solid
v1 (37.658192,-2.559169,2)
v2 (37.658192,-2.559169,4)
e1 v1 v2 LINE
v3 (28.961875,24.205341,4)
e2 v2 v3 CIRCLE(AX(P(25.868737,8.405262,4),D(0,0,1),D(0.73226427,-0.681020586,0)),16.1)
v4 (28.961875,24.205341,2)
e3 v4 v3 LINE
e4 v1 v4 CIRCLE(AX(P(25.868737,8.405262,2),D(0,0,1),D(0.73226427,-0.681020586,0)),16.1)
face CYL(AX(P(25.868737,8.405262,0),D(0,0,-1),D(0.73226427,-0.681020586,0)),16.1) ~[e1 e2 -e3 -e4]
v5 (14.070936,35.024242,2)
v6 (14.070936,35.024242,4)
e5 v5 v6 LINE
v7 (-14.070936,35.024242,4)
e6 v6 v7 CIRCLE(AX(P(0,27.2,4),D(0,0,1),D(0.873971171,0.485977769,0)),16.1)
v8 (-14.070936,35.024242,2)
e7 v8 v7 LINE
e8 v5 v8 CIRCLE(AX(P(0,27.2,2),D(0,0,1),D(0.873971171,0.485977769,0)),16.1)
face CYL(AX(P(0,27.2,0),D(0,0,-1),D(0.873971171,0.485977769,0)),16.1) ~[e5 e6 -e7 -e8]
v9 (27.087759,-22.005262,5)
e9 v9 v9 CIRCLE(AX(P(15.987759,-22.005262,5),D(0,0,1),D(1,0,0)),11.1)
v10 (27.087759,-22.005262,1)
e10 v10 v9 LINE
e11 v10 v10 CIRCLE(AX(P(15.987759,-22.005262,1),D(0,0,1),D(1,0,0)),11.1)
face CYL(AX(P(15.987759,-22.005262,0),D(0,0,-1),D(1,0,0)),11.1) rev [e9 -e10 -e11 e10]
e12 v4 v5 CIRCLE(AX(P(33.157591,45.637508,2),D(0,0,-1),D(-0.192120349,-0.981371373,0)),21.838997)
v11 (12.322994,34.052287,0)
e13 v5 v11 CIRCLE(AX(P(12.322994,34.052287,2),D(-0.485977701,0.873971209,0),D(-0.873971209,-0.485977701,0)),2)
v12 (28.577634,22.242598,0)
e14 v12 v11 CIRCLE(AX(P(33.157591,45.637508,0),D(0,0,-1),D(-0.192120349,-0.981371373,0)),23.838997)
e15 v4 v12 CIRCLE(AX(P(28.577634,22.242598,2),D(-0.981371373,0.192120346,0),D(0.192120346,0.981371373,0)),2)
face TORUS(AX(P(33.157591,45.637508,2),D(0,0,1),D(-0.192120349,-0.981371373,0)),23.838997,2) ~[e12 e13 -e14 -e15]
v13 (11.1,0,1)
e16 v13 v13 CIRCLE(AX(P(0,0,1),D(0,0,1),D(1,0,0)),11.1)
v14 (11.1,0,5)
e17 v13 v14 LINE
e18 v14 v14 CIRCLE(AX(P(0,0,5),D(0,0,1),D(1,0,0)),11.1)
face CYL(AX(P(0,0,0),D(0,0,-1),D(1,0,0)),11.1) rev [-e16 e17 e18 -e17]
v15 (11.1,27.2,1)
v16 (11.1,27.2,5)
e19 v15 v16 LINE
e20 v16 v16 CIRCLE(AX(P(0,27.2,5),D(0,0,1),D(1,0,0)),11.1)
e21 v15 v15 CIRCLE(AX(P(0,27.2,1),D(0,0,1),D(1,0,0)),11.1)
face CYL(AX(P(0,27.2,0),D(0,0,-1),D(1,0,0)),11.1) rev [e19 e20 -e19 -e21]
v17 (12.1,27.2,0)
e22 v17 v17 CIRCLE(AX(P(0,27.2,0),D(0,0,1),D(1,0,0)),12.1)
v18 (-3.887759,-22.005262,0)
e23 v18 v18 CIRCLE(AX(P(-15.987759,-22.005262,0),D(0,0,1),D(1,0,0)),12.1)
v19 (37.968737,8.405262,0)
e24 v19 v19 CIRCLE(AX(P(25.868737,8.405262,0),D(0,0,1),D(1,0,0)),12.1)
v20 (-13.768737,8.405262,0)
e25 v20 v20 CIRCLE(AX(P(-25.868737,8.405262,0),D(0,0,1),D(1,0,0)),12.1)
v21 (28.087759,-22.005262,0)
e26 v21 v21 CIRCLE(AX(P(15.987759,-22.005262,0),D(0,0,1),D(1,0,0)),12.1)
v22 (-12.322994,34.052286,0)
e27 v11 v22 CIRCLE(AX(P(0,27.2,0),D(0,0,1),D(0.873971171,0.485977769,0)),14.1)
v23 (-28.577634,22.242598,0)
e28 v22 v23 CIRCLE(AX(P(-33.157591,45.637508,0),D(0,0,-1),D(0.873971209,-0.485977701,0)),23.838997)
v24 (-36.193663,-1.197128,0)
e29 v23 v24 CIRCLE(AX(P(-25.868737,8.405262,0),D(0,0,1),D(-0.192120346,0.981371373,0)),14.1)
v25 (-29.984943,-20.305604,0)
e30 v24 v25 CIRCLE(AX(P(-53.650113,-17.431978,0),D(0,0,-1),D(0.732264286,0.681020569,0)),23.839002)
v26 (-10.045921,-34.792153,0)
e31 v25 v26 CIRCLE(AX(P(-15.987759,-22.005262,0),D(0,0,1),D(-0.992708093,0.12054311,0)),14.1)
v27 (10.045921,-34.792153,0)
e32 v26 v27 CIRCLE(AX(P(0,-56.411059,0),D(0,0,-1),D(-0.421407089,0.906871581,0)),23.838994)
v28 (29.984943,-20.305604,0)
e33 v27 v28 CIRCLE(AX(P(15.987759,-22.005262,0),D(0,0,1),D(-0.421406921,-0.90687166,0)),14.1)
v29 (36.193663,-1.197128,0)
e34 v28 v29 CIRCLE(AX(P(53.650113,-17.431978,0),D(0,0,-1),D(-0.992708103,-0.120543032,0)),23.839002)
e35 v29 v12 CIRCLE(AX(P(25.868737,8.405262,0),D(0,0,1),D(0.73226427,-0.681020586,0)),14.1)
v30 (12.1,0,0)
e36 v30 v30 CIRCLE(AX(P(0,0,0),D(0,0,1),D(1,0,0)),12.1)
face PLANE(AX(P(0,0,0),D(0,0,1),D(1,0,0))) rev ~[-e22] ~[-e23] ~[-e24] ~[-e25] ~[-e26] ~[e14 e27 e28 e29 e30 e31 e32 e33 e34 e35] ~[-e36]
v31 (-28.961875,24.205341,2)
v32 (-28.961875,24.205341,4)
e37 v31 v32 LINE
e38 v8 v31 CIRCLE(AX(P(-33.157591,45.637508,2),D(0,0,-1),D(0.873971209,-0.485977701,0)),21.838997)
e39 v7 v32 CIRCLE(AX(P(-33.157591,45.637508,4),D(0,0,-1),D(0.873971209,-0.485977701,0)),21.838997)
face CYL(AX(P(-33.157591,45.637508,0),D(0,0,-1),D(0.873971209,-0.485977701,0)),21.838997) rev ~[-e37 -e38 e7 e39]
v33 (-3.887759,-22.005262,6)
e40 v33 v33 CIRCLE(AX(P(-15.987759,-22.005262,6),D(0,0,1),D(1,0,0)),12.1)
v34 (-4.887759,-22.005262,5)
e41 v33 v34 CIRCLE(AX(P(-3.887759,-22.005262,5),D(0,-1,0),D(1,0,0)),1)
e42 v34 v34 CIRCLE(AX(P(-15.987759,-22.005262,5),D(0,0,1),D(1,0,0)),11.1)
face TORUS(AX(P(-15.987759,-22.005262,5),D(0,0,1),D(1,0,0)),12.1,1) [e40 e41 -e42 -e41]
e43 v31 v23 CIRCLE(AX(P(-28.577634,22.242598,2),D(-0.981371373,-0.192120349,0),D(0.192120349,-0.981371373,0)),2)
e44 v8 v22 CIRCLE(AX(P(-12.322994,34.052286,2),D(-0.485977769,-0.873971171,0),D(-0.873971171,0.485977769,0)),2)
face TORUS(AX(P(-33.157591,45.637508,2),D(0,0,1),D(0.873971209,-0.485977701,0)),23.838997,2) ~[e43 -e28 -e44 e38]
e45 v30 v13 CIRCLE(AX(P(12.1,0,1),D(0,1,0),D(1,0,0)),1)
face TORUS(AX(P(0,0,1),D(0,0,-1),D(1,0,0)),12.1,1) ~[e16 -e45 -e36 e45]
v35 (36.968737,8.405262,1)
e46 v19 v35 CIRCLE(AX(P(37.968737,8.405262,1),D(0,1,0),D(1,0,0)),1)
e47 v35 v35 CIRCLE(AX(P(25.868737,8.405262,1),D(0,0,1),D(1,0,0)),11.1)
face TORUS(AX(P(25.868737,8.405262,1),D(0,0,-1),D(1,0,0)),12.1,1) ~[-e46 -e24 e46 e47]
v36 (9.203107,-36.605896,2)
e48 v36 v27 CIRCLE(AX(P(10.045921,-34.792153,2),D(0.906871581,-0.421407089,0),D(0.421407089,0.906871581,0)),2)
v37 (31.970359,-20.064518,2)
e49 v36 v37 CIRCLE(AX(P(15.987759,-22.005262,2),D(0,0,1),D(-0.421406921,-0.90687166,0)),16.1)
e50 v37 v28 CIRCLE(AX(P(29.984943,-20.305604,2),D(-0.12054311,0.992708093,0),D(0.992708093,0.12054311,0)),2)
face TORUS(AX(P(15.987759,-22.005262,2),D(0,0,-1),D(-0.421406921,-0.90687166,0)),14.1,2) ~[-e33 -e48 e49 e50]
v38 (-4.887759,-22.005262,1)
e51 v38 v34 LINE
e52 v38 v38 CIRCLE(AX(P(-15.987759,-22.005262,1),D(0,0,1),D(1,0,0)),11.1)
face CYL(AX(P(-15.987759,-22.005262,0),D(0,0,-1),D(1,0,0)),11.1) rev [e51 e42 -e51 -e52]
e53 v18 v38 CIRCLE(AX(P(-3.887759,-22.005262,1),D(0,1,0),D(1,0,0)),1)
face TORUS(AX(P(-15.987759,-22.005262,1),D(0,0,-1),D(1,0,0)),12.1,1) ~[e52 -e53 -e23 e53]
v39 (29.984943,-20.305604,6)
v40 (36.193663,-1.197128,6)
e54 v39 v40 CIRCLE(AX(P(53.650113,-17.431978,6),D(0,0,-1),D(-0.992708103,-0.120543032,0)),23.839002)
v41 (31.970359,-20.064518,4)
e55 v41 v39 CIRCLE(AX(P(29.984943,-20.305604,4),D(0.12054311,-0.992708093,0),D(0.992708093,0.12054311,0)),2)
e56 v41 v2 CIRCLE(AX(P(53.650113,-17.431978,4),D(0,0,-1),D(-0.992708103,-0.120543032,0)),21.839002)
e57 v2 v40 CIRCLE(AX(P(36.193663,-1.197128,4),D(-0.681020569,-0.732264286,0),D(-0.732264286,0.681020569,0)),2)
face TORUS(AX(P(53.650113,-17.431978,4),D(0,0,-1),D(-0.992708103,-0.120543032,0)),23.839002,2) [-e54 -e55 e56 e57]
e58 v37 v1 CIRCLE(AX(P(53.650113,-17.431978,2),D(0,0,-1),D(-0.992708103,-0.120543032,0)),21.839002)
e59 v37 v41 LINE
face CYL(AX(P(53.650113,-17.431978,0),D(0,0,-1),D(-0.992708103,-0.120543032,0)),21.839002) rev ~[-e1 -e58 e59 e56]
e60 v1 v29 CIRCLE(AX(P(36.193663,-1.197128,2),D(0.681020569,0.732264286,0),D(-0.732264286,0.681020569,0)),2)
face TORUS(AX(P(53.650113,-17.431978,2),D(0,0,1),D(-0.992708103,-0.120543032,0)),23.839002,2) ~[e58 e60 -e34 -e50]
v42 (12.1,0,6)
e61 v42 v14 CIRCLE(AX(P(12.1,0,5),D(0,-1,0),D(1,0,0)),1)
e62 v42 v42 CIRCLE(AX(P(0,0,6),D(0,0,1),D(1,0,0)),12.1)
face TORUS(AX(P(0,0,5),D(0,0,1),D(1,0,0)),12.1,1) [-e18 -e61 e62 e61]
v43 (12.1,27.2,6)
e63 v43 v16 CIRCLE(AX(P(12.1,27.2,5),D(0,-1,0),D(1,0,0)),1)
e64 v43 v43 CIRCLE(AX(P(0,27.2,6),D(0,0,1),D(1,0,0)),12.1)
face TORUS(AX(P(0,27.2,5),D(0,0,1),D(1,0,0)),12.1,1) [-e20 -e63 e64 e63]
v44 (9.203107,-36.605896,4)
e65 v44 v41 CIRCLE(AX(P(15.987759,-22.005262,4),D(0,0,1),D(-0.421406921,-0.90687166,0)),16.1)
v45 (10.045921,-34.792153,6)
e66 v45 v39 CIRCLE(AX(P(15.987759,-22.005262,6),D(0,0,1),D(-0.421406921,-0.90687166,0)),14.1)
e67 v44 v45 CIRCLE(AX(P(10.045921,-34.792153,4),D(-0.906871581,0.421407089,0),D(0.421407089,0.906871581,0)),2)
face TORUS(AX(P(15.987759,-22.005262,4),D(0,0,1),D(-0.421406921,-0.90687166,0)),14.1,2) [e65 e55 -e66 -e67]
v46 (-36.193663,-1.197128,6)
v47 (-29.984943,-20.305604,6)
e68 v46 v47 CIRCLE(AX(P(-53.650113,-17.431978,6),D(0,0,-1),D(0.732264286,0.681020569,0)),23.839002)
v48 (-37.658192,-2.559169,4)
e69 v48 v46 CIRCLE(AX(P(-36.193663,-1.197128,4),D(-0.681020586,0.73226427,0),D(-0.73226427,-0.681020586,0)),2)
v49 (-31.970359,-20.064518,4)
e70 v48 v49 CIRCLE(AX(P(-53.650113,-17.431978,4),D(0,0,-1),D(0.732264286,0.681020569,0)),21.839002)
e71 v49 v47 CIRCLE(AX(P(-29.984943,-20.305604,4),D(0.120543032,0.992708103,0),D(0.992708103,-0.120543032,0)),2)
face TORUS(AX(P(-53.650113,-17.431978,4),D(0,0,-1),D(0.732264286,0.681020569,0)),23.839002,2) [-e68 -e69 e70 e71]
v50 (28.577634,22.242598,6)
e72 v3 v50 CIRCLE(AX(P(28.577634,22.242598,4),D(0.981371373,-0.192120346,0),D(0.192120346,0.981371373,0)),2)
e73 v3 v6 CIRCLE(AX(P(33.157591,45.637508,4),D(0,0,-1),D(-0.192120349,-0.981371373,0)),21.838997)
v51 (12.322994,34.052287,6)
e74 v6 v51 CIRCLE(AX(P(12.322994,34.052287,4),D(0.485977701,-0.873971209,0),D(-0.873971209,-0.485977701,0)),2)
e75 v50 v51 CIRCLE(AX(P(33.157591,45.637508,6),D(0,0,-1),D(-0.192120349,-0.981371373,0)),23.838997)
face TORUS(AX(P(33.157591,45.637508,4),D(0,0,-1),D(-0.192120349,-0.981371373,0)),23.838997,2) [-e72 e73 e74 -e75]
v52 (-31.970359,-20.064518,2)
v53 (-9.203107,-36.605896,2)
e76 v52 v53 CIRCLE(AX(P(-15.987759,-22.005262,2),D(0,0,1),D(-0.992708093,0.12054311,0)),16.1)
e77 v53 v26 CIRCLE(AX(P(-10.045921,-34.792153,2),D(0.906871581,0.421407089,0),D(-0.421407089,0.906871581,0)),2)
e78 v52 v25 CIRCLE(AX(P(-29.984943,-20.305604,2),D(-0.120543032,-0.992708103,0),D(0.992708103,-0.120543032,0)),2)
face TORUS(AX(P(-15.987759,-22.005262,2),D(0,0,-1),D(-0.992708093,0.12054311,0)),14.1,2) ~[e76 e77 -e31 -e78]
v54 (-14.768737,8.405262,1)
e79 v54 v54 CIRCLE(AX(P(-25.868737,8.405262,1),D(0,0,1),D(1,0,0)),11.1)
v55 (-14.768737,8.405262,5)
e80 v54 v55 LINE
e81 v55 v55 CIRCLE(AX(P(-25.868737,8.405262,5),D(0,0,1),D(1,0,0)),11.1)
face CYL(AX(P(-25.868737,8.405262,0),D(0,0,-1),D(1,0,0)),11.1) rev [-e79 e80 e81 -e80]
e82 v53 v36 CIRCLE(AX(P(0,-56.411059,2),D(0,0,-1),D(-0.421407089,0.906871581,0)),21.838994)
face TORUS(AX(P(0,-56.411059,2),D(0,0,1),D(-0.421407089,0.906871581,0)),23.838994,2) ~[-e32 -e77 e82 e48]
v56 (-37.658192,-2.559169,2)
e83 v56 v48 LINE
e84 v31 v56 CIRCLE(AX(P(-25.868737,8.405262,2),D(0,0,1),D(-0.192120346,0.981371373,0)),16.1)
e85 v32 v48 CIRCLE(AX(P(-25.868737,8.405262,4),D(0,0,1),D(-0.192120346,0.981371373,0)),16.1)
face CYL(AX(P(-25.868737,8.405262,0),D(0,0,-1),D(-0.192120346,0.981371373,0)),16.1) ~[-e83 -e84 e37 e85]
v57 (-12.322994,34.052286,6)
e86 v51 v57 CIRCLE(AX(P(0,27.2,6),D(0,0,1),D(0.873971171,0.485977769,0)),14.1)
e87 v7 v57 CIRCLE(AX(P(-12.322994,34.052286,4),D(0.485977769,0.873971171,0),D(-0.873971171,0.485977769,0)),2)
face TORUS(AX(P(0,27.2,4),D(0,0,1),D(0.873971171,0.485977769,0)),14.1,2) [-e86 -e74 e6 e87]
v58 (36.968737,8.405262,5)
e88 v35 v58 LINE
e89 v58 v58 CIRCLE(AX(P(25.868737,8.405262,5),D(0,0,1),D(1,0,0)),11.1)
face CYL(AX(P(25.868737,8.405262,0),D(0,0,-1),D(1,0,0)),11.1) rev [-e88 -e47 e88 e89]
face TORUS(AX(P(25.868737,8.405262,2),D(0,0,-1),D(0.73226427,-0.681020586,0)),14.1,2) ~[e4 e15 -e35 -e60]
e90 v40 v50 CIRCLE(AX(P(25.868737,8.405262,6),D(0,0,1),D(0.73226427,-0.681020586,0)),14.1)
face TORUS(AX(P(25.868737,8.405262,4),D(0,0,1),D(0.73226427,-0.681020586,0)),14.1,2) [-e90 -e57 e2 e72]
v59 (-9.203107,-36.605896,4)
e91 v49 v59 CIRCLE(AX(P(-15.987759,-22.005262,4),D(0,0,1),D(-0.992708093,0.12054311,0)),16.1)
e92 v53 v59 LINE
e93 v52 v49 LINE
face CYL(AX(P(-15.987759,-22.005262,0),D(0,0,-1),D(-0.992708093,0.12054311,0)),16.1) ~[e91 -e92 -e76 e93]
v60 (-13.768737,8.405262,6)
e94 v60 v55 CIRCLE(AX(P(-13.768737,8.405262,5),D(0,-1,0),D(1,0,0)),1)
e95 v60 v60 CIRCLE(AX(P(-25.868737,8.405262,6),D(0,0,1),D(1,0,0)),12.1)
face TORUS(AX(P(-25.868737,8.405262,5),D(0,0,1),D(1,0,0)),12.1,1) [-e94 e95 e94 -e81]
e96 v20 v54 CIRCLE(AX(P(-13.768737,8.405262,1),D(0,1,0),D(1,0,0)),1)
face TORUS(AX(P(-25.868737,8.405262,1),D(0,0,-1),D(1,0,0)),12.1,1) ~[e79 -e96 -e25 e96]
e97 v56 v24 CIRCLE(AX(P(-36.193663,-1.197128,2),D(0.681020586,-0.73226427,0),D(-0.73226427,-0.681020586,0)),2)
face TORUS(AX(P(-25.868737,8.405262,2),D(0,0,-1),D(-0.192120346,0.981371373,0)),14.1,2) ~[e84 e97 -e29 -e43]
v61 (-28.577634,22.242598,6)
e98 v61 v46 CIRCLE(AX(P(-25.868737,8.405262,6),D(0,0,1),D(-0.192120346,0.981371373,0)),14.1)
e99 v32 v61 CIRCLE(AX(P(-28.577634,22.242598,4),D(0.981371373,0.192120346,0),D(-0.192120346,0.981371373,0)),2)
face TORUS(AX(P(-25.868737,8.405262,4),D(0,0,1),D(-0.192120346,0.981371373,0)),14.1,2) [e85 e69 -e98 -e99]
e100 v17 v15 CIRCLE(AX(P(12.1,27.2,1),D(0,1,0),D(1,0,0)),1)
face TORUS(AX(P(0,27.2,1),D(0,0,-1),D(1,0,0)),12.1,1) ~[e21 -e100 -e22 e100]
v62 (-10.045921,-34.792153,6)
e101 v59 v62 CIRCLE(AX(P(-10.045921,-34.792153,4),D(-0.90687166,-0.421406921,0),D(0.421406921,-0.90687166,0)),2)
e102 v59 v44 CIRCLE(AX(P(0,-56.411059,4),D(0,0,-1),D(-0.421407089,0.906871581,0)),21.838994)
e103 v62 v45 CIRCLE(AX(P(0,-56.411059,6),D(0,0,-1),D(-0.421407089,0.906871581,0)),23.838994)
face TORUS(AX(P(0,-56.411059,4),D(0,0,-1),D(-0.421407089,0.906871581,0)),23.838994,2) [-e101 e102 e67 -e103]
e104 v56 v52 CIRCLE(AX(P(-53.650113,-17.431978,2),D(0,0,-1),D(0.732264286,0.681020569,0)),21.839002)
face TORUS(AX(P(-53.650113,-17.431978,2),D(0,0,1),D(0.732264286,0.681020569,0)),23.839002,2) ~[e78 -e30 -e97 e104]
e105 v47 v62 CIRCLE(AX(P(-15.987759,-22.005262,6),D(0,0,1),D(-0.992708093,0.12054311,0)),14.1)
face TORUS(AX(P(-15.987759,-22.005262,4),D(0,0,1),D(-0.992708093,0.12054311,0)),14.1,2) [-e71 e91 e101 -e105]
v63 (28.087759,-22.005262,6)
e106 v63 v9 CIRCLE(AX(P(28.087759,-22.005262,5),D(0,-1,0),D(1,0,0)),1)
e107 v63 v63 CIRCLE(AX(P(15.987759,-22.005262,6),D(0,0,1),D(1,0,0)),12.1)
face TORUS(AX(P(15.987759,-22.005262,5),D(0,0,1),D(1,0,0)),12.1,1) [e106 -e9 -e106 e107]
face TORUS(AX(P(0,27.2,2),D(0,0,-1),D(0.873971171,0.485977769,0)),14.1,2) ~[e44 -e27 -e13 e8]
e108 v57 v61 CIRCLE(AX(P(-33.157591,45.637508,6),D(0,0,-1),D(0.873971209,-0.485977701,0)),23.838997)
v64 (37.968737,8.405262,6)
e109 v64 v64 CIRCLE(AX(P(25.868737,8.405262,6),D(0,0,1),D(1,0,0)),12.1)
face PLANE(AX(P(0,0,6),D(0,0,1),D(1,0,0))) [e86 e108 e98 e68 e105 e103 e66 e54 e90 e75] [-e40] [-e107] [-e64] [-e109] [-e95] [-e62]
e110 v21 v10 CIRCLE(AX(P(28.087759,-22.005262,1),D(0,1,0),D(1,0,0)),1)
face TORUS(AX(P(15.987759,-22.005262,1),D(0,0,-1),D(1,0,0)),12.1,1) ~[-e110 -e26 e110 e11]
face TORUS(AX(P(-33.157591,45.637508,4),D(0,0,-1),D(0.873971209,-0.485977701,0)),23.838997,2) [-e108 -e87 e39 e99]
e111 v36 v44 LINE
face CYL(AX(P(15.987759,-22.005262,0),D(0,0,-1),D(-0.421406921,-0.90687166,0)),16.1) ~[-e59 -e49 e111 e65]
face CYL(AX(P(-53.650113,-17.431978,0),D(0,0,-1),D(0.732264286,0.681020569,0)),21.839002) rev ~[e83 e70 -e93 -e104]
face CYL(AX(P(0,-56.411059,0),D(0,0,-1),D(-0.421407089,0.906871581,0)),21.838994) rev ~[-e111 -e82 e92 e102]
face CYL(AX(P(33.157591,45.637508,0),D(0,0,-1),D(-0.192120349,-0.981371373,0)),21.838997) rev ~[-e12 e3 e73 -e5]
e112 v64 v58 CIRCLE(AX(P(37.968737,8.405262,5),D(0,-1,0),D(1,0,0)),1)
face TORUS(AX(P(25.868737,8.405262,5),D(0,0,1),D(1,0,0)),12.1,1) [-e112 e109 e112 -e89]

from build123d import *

# Parameters (mm, degrees)
F0_R     = 11.1
F1_DEPTH = 6
F2_R     = 2
F3_R     = 1


with BuildPart() as f1:
    # F0 (on Top) → F1 (new body)
    with BuildSketch(Plane.XY):
        with BuildLine():
            ThreePointArc((28.961875, 24.205341), (20.32095, 27.969388), (14.070936, 35.024242))
            ThreePointArc((14.070936, 35.024242), (0, 43.3), (-14.070936, 35.024242))
            ThreePointArc((-14.070936, 35.024242), (-20.32095, 27.969388), (-28.961875, 24.205341))
            ThreePointArc((-28.961875, 24.205341), (-41.180747, 13.380436), (-37.658192, -2.559169))
            ThreePointArc((-37.658192, -2.559169), (-32.879988, -10.683356), (-31.970359, -20.064518))
            ThreePointArc((-31.970359, -20.064518), (-25.451101, -35.030436), (-9.203107, -36.605896))
            ThreePointArc((-9.203107, -36.605896), (0, -34.572065), (9.203107, -36.605896))
            ThreePointArc((9.203107, -36.605896), (25.451101, -35.030436), (31.970359, -20.064518))
            ThreePointArc((31.970359, -20.064518), (32.879988, -10.683356), (37.658192, -2.559169))
            ThreePointArc((37.658192, -2.559169), (41.180747, 13.380436), (28.961875, 24.205341))
        make_face()
        with Locations((-15.987759, -22.005262)):
            Circle(F0_R, mode=Mode.SUBTRACT)
        with Locations((15.987759, -22.005262)):
            Circle(F0_R, mode=Mode.SUBTRACT)
        Circle(F0_R, mode=Mode.SUBTRACT)
        with Locations((-25.868737, 8.405262)):
            Circle(F0_R, mode=Mode.SUBTRACT)
        with Locations((25.868737, 8.405262)):
            Circle(F0_R, mode=Mode.SUBTRACT)
        with Locations((0, 27.2)):
            Circle(F0_R, mode=Mode.SUBTRACT)
    extrude(amount=F1_DEPTH)

    # F2
    f2_edges = [f1.edges().sort_by_distance(p)[0] for p in [
        (-41.180747, 13.380436, 6),
        (0, -34.572065, 0),
    ]]
    fillet(f2_edges, radius=F2_R)

    # F3
    f3_edges = [f1.edges().sort_by_distance(p)[0] for p in [
        (-36.968737, 8.405262, 6),
        (-11.1, 27.2, 6),
        (-11.1, 0, 6),
        (14.768737, 8.405262, 6),
        (4.887759, -22.005262, 6),
        (-27.087759, -22.005262, 6),
        (4.887759, -22.005262, 0),
        (-11.1, 0, 0),
        (14.768737, 8.405262, 0),
        (-11.1, 27.2, 0),
        (-36.968737, 8.405262, 0),
        (-27.087759, -22.005262, 0),
    ]]
    fillet(f3_edges, radius=F3_R)


solid = f1.part
